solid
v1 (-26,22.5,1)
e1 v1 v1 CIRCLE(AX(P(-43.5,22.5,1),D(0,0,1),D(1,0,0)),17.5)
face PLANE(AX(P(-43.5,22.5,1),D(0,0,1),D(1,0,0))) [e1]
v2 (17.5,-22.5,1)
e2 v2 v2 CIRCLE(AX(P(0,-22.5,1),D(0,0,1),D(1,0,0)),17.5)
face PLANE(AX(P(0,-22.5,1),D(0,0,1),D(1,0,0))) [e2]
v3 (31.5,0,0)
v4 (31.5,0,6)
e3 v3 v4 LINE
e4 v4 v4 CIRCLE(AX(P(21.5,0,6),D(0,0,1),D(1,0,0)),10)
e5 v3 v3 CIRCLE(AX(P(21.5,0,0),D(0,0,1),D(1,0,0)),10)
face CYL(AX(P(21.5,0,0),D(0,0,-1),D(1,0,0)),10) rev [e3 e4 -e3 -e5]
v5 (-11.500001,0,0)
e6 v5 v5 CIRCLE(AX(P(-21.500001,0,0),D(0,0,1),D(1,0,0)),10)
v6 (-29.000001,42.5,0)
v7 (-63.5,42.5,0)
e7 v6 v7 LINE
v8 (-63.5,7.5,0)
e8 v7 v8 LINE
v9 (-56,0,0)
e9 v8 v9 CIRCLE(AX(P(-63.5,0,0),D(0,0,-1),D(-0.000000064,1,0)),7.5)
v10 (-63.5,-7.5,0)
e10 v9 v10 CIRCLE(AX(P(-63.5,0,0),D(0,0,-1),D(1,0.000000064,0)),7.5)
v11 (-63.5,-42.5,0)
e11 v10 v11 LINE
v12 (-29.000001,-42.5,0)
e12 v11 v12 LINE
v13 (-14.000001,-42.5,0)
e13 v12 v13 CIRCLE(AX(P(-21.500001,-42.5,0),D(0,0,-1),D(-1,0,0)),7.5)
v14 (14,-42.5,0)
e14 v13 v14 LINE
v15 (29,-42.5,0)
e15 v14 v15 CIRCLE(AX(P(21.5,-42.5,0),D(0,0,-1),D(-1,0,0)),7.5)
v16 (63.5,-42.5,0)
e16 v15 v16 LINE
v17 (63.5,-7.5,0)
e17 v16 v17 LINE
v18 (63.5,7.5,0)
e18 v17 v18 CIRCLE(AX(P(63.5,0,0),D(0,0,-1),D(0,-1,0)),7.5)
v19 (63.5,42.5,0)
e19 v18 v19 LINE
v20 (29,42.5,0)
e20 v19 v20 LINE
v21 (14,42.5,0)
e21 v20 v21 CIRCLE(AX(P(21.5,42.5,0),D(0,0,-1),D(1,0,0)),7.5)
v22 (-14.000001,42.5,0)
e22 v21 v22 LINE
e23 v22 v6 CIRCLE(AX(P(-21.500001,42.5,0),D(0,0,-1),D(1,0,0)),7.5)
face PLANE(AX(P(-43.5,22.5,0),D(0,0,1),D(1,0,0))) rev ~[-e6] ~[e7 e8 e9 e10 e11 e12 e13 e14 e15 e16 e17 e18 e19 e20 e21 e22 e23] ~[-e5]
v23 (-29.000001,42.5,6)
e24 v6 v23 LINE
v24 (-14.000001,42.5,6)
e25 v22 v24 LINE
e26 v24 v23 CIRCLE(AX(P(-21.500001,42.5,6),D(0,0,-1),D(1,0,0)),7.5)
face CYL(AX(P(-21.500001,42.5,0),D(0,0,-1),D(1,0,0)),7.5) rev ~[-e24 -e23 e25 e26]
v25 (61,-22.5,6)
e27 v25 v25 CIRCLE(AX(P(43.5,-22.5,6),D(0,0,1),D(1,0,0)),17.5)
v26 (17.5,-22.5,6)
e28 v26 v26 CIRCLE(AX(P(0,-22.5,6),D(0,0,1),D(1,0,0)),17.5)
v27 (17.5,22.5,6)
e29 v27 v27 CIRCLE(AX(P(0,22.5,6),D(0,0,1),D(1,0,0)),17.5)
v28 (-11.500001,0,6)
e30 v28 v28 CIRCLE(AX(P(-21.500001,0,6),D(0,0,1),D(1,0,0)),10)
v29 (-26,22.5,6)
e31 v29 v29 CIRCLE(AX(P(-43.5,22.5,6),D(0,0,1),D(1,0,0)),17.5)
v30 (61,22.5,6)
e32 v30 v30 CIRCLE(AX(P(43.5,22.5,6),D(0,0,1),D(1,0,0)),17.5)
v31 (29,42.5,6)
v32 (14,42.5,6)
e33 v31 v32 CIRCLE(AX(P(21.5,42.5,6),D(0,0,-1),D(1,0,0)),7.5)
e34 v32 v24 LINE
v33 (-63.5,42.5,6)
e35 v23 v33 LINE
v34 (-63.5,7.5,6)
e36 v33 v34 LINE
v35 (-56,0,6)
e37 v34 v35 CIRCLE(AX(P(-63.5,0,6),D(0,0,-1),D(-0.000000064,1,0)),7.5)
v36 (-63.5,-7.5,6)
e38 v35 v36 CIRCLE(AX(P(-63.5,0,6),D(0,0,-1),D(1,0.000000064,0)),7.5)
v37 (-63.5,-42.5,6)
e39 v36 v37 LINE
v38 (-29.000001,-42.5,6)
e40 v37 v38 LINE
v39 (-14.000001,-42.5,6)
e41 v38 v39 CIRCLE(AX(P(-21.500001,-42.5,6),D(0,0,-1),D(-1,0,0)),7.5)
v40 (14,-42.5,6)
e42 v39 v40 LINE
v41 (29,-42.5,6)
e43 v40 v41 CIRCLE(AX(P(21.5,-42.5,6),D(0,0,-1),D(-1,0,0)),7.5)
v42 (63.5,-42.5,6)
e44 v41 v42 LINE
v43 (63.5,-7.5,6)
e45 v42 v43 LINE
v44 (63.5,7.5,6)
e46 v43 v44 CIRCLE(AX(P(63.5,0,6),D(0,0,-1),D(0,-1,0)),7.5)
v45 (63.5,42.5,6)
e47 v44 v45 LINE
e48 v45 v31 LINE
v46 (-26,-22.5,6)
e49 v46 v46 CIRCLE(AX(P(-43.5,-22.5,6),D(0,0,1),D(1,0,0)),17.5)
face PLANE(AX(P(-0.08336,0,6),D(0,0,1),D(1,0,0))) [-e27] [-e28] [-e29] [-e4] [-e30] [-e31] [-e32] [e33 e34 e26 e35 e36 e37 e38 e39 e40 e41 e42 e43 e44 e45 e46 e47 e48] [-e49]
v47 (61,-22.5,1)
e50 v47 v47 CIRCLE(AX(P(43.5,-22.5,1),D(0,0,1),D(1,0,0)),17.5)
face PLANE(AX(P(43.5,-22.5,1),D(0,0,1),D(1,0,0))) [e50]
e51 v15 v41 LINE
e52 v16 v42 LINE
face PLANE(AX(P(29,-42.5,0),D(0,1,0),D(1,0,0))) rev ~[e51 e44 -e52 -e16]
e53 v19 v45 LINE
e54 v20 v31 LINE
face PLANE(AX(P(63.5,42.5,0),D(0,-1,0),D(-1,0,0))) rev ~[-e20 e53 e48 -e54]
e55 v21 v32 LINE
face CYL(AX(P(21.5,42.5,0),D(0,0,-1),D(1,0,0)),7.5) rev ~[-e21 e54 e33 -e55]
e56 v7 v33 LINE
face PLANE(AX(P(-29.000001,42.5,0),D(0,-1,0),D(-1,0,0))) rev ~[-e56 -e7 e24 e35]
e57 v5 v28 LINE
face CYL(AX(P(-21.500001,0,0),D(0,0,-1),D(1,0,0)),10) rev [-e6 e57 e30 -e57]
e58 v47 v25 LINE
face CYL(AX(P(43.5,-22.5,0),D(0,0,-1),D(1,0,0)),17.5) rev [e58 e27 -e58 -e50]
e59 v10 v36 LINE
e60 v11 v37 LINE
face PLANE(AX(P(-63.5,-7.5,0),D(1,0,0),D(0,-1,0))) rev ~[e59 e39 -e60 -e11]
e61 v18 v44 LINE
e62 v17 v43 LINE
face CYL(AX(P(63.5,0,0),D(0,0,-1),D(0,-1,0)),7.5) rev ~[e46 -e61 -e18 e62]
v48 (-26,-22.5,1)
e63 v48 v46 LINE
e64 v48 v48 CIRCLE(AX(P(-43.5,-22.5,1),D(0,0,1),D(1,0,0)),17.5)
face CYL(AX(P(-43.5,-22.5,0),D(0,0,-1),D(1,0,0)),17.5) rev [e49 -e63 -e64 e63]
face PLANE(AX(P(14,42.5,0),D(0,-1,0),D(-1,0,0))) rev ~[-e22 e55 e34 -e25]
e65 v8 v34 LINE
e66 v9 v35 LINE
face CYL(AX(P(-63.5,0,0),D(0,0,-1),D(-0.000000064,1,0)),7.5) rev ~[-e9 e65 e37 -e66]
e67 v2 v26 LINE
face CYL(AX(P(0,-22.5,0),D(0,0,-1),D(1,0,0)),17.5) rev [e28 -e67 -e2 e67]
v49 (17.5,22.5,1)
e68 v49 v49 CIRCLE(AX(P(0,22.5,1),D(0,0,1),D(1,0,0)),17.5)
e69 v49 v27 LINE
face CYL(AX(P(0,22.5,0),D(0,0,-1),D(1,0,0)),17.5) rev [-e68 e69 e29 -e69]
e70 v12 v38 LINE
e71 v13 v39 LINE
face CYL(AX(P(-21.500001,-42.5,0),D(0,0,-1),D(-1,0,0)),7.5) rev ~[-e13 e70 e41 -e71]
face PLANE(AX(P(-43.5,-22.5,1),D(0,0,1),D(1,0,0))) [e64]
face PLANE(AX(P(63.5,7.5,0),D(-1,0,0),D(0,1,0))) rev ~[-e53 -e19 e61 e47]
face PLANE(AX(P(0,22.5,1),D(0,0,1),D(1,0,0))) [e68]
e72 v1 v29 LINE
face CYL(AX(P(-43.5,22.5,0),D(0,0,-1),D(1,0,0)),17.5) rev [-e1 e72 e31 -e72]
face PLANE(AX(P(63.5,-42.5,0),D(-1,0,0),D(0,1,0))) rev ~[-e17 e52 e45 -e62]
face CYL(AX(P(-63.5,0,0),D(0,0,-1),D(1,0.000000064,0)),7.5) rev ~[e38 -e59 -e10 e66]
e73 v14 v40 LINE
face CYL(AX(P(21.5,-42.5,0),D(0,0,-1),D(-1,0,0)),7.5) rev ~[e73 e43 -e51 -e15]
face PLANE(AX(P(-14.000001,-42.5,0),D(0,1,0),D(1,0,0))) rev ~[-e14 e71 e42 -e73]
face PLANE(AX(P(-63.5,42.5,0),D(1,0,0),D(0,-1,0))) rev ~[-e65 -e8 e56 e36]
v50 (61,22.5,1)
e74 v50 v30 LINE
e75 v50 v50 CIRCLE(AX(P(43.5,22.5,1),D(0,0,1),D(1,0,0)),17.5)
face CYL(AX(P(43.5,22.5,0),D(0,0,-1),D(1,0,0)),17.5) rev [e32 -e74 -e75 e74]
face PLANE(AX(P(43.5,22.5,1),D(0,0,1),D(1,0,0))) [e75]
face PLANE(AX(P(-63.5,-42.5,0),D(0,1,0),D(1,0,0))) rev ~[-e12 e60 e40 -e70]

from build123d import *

# Parameters (mm, degrees)
F0_R     = 17.5
F0_R_2   = 10
F1_DEPTH = 6
F2_DEPTH = 1


with BuildPart() as f1:
    # F0 (on Top) → F1 (new body)
    with BuildSketch(Plane.XY):
        with BuildLine():
            Line((63.5, 42.5), (29, 42.5))
            ThreePointArc((29, 42.5), (21.5, 35), (14, 42.5))
            Line((14, 42.5), (-14.000001, 42.5))
            ThreePointArc((-14.000001, 42.5), (-21.500001, 35), (-29.000001, 42.5))
            Line((-29.000001, 42.5), (-63.5, 42.5))
            Line((-63.5, 42.5), (-63.5, 7.5))
            ThreePointArc((-63.5, 7.5), (-58.196699, 5.303301), (-56, 0))
            ThreePointArc((-56, 0), (-58.196699, -5.303301), (-63.5, -7.5))
            Line((-63.5, -7.5), (-63.5, -42.5))
            Line((-63.5, -42.5), (-29.000001, -42.5))
            ThreePointArc((-29.000001, -42.5), (-21.500001, -35), (-14.000001, -42.5))
            Line((-14.000001, -42.5), (14, -42.5))
            ThreePointArc((14, -42.5), (21.5, -35), (29, -42.5))
            Line((29, -42.5), (63.5, -42.5))
            Line((63.5, -42.5), (63.5, -7.5))
            ThreePointArc((63.5, -7.5), (56, 0), (63.5, 7.5))
            Line((63.5, 7.5), (63.5, 42.5))
        make_face()
        with Locations((-43.5, -22.5)):
            Circle(F0_R, mode=Mode.SUBTRACT)
        with Locations((0, -22.5)):
            Circle(F0_R, mode=Mode.SUBTRACT)
        with Locations((43.5, -22.5)):
            Circle(F0_R, mode=Mode.SUBTRACT)
        with Locations((-43.5, 22.5)):
            Circle(F0_R, mode=Mode.SUBTRACT)
        with Locations((-21.500001, 0)):
            Circle(F0_R_2, mode=Mode.SUBTRACT)
        with Locations((21.5, 0)):
            Circle(F0_R_2, mode=Mode.SUBTRACT)
        with Locations((0, 22.5)):
            Circle(F0_R, mode=Mode.SUBTRACT)
        with Locations((43.5, 22.5)):
            Circle(F0_R, mode=Mode.SUBTRACT)
    extrude(amount=F1_DEPTH)

    # F0 (on Top) → F2 (join)
    with BuildSketch(Plane.XY):
        with Locations((-43.5, 22.5)):
            Circle(F0_R)
        with Locations((0, 22.5)):
            Circle(F0_R)
        with Locations((43.5, 22.5)):
            Circle(F0_R)
        with Locations((43.5, -22.5)):
            Circle(F0_R)
        with Locations((0, -22.5)):
            Circle(F0_R)
        with Locations((-43.5, -22.5)):
            Circle(F0_R)
    extrude(amount=F2_DEPTH)


solid = f1.part
